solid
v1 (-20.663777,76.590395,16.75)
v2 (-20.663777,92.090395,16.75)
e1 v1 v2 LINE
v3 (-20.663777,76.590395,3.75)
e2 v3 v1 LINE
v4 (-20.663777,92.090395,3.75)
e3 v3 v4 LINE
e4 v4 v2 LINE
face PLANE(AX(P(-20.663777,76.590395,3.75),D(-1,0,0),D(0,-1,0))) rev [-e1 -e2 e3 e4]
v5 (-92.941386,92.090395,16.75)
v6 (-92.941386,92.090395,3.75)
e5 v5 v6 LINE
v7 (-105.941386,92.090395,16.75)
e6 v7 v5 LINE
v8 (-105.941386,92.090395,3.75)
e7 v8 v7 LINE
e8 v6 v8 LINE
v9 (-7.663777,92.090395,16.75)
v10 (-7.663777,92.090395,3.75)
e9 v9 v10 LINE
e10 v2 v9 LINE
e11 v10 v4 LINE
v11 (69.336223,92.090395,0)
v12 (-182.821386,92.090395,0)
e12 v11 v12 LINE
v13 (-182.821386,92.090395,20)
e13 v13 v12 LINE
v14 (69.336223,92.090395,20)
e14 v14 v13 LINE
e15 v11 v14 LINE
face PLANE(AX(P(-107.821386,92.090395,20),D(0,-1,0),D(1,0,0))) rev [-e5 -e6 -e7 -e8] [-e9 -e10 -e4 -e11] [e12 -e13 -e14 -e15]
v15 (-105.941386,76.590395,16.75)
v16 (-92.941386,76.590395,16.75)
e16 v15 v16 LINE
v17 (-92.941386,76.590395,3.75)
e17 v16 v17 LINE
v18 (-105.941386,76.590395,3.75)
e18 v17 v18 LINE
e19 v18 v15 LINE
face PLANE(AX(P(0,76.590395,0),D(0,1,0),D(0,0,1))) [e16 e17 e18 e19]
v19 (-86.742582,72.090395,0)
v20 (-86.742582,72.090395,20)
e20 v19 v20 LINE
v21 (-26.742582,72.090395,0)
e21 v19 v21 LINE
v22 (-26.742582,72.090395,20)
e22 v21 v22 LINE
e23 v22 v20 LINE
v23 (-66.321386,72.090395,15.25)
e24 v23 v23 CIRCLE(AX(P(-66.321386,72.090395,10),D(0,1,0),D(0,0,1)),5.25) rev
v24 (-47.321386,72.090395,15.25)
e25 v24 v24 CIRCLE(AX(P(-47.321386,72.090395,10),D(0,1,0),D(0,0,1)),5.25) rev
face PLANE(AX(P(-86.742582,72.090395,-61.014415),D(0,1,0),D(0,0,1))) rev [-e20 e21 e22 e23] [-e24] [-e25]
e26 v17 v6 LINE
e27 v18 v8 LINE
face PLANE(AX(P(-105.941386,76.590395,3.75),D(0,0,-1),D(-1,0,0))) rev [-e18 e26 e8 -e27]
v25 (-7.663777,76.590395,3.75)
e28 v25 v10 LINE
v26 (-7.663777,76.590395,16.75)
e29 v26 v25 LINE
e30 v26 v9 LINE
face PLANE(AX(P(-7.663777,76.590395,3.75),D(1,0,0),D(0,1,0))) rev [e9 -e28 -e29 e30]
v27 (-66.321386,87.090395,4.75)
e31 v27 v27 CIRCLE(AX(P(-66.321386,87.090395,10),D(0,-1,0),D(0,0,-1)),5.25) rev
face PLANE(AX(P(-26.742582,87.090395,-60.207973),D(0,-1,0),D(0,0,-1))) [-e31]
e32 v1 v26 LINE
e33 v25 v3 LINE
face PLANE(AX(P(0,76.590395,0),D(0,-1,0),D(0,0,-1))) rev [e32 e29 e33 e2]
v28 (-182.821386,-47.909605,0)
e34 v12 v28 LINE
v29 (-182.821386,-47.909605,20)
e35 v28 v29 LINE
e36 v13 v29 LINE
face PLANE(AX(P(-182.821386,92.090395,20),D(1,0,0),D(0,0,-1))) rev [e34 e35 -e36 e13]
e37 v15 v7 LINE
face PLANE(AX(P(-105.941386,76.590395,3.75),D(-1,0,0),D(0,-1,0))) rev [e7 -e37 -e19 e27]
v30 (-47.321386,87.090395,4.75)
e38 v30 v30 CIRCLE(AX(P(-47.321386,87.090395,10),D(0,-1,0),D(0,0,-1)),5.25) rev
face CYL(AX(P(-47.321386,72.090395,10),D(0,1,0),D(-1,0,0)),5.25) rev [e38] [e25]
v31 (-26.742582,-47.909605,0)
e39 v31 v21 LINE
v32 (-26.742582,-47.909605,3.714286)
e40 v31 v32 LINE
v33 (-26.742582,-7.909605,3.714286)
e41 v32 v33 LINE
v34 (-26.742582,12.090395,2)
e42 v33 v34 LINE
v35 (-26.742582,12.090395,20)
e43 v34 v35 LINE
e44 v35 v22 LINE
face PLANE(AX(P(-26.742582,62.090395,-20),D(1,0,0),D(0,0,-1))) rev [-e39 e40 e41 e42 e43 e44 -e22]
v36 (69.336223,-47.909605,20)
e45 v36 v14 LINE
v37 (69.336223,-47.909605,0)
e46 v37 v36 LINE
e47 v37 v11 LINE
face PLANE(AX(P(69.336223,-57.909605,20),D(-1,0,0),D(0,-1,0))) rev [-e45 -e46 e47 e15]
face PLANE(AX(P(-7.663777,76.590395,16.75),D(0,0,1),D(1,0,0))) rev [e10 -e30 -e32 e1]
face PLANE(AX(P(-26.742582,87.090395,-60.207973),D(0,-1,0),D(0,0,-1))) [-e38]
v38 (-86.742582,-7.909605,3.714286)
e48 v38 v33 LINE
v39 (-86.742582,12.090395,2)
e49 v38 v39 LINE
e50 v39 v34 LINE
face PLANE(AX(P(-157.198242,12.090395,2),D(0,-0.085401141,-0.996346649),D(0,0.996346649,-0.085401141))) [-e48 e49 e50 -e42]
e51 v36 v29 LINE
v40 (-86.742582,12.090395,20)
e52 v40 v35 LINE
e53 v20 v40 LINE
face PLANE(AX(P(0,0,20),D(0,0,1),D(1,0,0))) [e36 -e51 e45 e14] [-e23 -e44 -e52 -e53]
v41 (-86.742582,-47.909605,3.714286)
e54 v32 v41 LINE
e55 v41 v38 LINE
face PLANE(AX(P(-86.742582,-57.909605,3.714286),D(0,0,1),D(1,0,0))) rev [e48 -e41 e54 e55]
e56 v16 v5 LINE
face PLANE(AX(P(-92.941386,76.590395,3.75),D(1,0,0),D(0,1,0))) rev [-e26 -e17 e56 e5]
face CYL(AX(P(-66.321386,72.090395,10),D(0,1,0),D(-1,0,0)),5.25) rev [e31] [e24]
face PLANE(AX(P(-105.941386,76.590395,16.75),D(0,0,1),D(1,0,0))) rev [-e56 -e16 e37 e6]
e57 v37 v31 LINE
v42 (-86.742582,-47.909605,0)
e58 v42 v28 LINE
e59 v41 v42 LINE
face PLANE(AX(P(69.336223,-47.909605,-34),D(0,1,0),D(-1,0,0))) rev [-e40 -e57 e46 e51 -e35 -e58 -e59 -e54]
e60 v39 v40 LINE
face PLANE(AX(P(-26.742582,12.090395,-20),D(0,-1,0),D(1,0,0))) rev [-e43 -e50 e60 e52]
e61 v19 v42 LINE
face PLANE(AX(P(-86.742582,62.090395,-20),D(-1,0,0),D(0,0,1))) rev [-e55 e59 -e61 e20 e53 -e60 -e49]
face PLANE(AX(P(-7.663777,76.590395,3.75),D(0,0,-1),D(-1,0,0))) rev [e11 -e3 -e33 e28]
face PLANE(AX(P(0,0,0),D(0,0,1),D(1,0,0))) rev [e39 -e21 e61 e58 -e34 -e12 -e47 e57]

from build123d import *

# Parameters (mm, degrees)
BOSS_EXTRUDE1_DEPTH = 20
SKETCH5_R           = 5.25
CUT_EXTRUDE4_DEPTH  = 20
SKETCH6_W           = 13
SKETCH6_H           = 13
CUT_EXTRUDE5_DEPTH  = 15.5
SKETCH7_W           = 13
SKETCH7_H           = 13
CUT_EXTRUDE6_DEPTH  = 15.5
SKETCH8_W           = 300
SKETCH8_H           = 102
BOSS_EXTRUDE2_DEPTH = 20
CUT_EXTRUDE7_START  = -150
SKETCH9_W           = 47.842391085
SKETCH9_H           = 20
CUT_EXTRUDE7_DEPTH  = 150
CUT_EXTRUDE9_DEPTH  = 40
CUT_EXTRUDE10_DEPTH = 60
SKETCH17_W          = 60
SKETCH17_H          = 5
CUT_EXTRUDE12_DEPTH = 38
CUT_EXTRUDE13_DEPTH = 60
SKETCH10_W          = 252.157608915
SKETCH10_H          = 50
CUT_EXTRUDE8_DEPTH  = 310
BOSS_EXTRUDE3_DEPTH = 50
SKETCH21_W          = 252.157608915
SKETCH21_H          = 10
CUT_EXTRUDE14_DEPTH = 54
SKETCH23_W          = 60
SKETCH23_H          = 5
BOSS_EXTRUDE5_DEPTH = 20
CUT_EXTRUDE15_DEPTH = 20
SKETCH22_W          = 60
SKETCH22_H          = 5
BOSS_EXTRUDE4_DEPTH = 20


with BuildPart() as part:
    # Sketch1 → Boss-Extrude1 (new body)
    with BuildSketch(Plane.XY):
        Polygon((-107.821386225, 92.09039548), (-7.821386225, 92.09039548), (117.178613775, 92.09039548), (117.178613775, 44.09039548), (-7.821386225, 44.09039548), (-107.821386225, 44.09039548), (-182.821386225, 44.09039548), (-182.821386225, 92.09039548), align=None)
    extrude(amount=BOSS_EXTRUDE1_DEPTH)

    # Sketch5 → Cut-Extrude4 (cut)
    with BuildSketch(Plane(origin=(0, 92.09039548, 0), x_dir=(1, 0, 0), z_dir=(0, 1, 0))):
        with Locations(Location((-66.321386225, -10, 0), (0, 0, 180))):
            Circle(SKETCH5_R)
        with Locations(Location((-47.321386225, -10, 0), (0, 0, 180))):
            Circle(SKETCH5_R)
    extrude(amount=-CUT_EXTRUDE4_DEPTH, mode=Mode.SUBTRACT)

    # Sketch6 → Cut-Extrude5 (cut)
    with BuildSketch(Plane(origin=(0, 92.09039548, 0), x_dir=(1, 0, 0), z_dir=(0, 1, 0))):
        with Locations((-99.441386225, -10.25)):
            Rectangle(SKETCH6_W, SKETCH6_H)
    extrude(amount=-CUT_EXTRUDE5_DEPTH, mode=Mode.SUBTRACT)

    # Sketch7 → Cut-Extrude6 (cut)
    with BuildSketch(Plane(origin=(0, 92.09039548, 0), x_dir=(1, 0, 0), z_dir=(0, 1, 0))):
        with Locations((-14.16377731, -10.25)):
            Rectangle(SKETCH7_W, SKETCH7_H)
    extrude(amount=-CUT_EXTRUDE6_DEPTH, mode=Mode.SUBTRACT)

    # Sketch8 → Boss-Extrude2 (add)
    with BuildSketch(Plane.XY.offset(20)):
        with Locations((-32.821386225, -6.90960452)):
            Rectangle(SKETCH8_W, SKETCH8_H)
    extrude(amount=-BOSS_EXTRUDE2_DEPTH)

    # Sketch9 → Cut-Extrude7 (cut)
    with BuildSketch(Plane(origin=(0, 92.09039548, 0), x_dir=(1, 0, 0), z_dir=(0, 1, 0)).offset(CUT_EXTRUDE7_START)):
        with Locations((93.257418233, -10)):
            Rectangle(SKETCH9_W, SKETCH9_H)
    extrude(amount=CUT_EXTRUDE7_DEPTH, mode=Mode.SUBTRACT)

    # Sketch11 → Cut-Extrude9 (cut)
    with BuildSketch(Plane.XY.offset(20)):
        Polygon((-26.742581768, 62.09039548), (-26.742581768, 12.09039548), (-86.742581768, 12.09039548), (-86.742581768, 62.09039548), (-86.742581768, 64.09039548), (-26.742581768, 64.09039548), align=None)
    extrude(amount=-CUT_EXTRUDE9_DEPTH, mode=Mode.SUBTRACT)

    # Sketch14 → Cut-Extrude10 (cut)
    with BuildSketch(Plane(origin=(-86.742581768, 0, 0), x_dir=(0, 0, -1), z_dir=(1, 0, 0))):
        Polygon((0, 64.09039548), (-20, 67.09039548), (-20, 64.09039548), align=None)
    extrude(amount=CUT_EXTRUDE10_DEPTH, mode=Mode.SUBTRACT)

    # Sketch17 → Cut-Extrude12 (cut)
    with BuildSketch(Plane(origin=(0, 0, 0), x_dir=(-1, 0, 0), z_dir=(0, 0, -1))):
        with Locations((56.742581768, 89.59039548)):
            Rectangle(SKETCH17_W, SKETCH17_H)
    extrude(amount=-CUT_EXTRUDE12_DEPTH, mode=Mode.SUBTRACT)

    # Sketch19 → Cut-Extrude13 (cut)
    with BuildSketch(Plane.ZY.offset(26.742581768)):
        Polygon((0, 12.09039548), (2, 12.09039548), (8, -57.90960452), (0, -57.90960452), align=None)
    extrude(amount=CUT_EXTRUDE13_DEPTH, mode=Mode.SUBTRACT)

    # Sketch10 → Cut-Extrude8 (cut)
    with BuildSketch(Plane(origin=(0, 0, 0), x_dir=(-1, 0, 0), z_dir=(0, 0, -1))):
        with Locations((56.742581767, -32.90960452)):
            Rectangle(SKETCH10_W, SKETCH10_H)
    extrude(amount=-CUT_EXTRUDE8_DEPTH, mode=Mode.SUBTRACT)

    # Sketch20 → Boss-Extrude3 (add)
    with BuildSketch(Plane.XZ.offset(7.90960452)):
        Polygon((69.33622269, 20), (-182.821386225, 20), (-182.821386225, 0), (-86.742581768, 0), (-86.742581768, 3.714285714), (-26.742581768, 3.714285714), (-26.742581768, 0), (69.33622269, 0), align=None)
    extrude(amount=BOSS_EXTRUDE3_DEPTH)

    # Sketch21 → Cut-Extrude14 (cut)
    with BuildSketch(Plane.XY.offset(20)):
        with Locations((-56.742581767, -52.90960452)):
            Rectangle(SKETCH21_W, SKETCH21_H)
    extrude(amount=-CUT_EXTRUDE14_DEPTH, mode=Mode.SUBTRACT)

    # Sketch23 → Boss-Extrude5 (add)
    with BuildSketch(Plane.XY.offset(20)):
        with Locations((-56.742581768, 89.59039548)):
            Rectangle(SKETCH23_W, SKETCH23_H)
    extrude(amount=-BOSS_EXTRUDE5_DEPTH)

    # Sketch24 → Cut-Extrude15 (cut)
    with BuildSketch(Plane.XY.offset(20)):
        Polygon((-86.742581768, 67.09039548), (-86.742581768, 72.09039548), (-26.742581768, 72.09039548), (-26.742581768, 67.09039548), (-26.742581768, 61.01073747), (-86.742581768, 61.01073747), align=None)
    extrude(amount=-CUT_EXTRUDE15_DEPTH, mode=Mode.SUBTRACT)

    # Sketch22 → Boss-Extrude4 (add)
    with BuildSketch(Plane.XY.offset(20)):
        with Locations((-56.742581768, 89.59039548)):
            Rectangle(SKETCH22_W, SKETCH22_H)
    extrude(amount=-BOSS_EXTRUDE4_DEPTH)


solid = part.part
